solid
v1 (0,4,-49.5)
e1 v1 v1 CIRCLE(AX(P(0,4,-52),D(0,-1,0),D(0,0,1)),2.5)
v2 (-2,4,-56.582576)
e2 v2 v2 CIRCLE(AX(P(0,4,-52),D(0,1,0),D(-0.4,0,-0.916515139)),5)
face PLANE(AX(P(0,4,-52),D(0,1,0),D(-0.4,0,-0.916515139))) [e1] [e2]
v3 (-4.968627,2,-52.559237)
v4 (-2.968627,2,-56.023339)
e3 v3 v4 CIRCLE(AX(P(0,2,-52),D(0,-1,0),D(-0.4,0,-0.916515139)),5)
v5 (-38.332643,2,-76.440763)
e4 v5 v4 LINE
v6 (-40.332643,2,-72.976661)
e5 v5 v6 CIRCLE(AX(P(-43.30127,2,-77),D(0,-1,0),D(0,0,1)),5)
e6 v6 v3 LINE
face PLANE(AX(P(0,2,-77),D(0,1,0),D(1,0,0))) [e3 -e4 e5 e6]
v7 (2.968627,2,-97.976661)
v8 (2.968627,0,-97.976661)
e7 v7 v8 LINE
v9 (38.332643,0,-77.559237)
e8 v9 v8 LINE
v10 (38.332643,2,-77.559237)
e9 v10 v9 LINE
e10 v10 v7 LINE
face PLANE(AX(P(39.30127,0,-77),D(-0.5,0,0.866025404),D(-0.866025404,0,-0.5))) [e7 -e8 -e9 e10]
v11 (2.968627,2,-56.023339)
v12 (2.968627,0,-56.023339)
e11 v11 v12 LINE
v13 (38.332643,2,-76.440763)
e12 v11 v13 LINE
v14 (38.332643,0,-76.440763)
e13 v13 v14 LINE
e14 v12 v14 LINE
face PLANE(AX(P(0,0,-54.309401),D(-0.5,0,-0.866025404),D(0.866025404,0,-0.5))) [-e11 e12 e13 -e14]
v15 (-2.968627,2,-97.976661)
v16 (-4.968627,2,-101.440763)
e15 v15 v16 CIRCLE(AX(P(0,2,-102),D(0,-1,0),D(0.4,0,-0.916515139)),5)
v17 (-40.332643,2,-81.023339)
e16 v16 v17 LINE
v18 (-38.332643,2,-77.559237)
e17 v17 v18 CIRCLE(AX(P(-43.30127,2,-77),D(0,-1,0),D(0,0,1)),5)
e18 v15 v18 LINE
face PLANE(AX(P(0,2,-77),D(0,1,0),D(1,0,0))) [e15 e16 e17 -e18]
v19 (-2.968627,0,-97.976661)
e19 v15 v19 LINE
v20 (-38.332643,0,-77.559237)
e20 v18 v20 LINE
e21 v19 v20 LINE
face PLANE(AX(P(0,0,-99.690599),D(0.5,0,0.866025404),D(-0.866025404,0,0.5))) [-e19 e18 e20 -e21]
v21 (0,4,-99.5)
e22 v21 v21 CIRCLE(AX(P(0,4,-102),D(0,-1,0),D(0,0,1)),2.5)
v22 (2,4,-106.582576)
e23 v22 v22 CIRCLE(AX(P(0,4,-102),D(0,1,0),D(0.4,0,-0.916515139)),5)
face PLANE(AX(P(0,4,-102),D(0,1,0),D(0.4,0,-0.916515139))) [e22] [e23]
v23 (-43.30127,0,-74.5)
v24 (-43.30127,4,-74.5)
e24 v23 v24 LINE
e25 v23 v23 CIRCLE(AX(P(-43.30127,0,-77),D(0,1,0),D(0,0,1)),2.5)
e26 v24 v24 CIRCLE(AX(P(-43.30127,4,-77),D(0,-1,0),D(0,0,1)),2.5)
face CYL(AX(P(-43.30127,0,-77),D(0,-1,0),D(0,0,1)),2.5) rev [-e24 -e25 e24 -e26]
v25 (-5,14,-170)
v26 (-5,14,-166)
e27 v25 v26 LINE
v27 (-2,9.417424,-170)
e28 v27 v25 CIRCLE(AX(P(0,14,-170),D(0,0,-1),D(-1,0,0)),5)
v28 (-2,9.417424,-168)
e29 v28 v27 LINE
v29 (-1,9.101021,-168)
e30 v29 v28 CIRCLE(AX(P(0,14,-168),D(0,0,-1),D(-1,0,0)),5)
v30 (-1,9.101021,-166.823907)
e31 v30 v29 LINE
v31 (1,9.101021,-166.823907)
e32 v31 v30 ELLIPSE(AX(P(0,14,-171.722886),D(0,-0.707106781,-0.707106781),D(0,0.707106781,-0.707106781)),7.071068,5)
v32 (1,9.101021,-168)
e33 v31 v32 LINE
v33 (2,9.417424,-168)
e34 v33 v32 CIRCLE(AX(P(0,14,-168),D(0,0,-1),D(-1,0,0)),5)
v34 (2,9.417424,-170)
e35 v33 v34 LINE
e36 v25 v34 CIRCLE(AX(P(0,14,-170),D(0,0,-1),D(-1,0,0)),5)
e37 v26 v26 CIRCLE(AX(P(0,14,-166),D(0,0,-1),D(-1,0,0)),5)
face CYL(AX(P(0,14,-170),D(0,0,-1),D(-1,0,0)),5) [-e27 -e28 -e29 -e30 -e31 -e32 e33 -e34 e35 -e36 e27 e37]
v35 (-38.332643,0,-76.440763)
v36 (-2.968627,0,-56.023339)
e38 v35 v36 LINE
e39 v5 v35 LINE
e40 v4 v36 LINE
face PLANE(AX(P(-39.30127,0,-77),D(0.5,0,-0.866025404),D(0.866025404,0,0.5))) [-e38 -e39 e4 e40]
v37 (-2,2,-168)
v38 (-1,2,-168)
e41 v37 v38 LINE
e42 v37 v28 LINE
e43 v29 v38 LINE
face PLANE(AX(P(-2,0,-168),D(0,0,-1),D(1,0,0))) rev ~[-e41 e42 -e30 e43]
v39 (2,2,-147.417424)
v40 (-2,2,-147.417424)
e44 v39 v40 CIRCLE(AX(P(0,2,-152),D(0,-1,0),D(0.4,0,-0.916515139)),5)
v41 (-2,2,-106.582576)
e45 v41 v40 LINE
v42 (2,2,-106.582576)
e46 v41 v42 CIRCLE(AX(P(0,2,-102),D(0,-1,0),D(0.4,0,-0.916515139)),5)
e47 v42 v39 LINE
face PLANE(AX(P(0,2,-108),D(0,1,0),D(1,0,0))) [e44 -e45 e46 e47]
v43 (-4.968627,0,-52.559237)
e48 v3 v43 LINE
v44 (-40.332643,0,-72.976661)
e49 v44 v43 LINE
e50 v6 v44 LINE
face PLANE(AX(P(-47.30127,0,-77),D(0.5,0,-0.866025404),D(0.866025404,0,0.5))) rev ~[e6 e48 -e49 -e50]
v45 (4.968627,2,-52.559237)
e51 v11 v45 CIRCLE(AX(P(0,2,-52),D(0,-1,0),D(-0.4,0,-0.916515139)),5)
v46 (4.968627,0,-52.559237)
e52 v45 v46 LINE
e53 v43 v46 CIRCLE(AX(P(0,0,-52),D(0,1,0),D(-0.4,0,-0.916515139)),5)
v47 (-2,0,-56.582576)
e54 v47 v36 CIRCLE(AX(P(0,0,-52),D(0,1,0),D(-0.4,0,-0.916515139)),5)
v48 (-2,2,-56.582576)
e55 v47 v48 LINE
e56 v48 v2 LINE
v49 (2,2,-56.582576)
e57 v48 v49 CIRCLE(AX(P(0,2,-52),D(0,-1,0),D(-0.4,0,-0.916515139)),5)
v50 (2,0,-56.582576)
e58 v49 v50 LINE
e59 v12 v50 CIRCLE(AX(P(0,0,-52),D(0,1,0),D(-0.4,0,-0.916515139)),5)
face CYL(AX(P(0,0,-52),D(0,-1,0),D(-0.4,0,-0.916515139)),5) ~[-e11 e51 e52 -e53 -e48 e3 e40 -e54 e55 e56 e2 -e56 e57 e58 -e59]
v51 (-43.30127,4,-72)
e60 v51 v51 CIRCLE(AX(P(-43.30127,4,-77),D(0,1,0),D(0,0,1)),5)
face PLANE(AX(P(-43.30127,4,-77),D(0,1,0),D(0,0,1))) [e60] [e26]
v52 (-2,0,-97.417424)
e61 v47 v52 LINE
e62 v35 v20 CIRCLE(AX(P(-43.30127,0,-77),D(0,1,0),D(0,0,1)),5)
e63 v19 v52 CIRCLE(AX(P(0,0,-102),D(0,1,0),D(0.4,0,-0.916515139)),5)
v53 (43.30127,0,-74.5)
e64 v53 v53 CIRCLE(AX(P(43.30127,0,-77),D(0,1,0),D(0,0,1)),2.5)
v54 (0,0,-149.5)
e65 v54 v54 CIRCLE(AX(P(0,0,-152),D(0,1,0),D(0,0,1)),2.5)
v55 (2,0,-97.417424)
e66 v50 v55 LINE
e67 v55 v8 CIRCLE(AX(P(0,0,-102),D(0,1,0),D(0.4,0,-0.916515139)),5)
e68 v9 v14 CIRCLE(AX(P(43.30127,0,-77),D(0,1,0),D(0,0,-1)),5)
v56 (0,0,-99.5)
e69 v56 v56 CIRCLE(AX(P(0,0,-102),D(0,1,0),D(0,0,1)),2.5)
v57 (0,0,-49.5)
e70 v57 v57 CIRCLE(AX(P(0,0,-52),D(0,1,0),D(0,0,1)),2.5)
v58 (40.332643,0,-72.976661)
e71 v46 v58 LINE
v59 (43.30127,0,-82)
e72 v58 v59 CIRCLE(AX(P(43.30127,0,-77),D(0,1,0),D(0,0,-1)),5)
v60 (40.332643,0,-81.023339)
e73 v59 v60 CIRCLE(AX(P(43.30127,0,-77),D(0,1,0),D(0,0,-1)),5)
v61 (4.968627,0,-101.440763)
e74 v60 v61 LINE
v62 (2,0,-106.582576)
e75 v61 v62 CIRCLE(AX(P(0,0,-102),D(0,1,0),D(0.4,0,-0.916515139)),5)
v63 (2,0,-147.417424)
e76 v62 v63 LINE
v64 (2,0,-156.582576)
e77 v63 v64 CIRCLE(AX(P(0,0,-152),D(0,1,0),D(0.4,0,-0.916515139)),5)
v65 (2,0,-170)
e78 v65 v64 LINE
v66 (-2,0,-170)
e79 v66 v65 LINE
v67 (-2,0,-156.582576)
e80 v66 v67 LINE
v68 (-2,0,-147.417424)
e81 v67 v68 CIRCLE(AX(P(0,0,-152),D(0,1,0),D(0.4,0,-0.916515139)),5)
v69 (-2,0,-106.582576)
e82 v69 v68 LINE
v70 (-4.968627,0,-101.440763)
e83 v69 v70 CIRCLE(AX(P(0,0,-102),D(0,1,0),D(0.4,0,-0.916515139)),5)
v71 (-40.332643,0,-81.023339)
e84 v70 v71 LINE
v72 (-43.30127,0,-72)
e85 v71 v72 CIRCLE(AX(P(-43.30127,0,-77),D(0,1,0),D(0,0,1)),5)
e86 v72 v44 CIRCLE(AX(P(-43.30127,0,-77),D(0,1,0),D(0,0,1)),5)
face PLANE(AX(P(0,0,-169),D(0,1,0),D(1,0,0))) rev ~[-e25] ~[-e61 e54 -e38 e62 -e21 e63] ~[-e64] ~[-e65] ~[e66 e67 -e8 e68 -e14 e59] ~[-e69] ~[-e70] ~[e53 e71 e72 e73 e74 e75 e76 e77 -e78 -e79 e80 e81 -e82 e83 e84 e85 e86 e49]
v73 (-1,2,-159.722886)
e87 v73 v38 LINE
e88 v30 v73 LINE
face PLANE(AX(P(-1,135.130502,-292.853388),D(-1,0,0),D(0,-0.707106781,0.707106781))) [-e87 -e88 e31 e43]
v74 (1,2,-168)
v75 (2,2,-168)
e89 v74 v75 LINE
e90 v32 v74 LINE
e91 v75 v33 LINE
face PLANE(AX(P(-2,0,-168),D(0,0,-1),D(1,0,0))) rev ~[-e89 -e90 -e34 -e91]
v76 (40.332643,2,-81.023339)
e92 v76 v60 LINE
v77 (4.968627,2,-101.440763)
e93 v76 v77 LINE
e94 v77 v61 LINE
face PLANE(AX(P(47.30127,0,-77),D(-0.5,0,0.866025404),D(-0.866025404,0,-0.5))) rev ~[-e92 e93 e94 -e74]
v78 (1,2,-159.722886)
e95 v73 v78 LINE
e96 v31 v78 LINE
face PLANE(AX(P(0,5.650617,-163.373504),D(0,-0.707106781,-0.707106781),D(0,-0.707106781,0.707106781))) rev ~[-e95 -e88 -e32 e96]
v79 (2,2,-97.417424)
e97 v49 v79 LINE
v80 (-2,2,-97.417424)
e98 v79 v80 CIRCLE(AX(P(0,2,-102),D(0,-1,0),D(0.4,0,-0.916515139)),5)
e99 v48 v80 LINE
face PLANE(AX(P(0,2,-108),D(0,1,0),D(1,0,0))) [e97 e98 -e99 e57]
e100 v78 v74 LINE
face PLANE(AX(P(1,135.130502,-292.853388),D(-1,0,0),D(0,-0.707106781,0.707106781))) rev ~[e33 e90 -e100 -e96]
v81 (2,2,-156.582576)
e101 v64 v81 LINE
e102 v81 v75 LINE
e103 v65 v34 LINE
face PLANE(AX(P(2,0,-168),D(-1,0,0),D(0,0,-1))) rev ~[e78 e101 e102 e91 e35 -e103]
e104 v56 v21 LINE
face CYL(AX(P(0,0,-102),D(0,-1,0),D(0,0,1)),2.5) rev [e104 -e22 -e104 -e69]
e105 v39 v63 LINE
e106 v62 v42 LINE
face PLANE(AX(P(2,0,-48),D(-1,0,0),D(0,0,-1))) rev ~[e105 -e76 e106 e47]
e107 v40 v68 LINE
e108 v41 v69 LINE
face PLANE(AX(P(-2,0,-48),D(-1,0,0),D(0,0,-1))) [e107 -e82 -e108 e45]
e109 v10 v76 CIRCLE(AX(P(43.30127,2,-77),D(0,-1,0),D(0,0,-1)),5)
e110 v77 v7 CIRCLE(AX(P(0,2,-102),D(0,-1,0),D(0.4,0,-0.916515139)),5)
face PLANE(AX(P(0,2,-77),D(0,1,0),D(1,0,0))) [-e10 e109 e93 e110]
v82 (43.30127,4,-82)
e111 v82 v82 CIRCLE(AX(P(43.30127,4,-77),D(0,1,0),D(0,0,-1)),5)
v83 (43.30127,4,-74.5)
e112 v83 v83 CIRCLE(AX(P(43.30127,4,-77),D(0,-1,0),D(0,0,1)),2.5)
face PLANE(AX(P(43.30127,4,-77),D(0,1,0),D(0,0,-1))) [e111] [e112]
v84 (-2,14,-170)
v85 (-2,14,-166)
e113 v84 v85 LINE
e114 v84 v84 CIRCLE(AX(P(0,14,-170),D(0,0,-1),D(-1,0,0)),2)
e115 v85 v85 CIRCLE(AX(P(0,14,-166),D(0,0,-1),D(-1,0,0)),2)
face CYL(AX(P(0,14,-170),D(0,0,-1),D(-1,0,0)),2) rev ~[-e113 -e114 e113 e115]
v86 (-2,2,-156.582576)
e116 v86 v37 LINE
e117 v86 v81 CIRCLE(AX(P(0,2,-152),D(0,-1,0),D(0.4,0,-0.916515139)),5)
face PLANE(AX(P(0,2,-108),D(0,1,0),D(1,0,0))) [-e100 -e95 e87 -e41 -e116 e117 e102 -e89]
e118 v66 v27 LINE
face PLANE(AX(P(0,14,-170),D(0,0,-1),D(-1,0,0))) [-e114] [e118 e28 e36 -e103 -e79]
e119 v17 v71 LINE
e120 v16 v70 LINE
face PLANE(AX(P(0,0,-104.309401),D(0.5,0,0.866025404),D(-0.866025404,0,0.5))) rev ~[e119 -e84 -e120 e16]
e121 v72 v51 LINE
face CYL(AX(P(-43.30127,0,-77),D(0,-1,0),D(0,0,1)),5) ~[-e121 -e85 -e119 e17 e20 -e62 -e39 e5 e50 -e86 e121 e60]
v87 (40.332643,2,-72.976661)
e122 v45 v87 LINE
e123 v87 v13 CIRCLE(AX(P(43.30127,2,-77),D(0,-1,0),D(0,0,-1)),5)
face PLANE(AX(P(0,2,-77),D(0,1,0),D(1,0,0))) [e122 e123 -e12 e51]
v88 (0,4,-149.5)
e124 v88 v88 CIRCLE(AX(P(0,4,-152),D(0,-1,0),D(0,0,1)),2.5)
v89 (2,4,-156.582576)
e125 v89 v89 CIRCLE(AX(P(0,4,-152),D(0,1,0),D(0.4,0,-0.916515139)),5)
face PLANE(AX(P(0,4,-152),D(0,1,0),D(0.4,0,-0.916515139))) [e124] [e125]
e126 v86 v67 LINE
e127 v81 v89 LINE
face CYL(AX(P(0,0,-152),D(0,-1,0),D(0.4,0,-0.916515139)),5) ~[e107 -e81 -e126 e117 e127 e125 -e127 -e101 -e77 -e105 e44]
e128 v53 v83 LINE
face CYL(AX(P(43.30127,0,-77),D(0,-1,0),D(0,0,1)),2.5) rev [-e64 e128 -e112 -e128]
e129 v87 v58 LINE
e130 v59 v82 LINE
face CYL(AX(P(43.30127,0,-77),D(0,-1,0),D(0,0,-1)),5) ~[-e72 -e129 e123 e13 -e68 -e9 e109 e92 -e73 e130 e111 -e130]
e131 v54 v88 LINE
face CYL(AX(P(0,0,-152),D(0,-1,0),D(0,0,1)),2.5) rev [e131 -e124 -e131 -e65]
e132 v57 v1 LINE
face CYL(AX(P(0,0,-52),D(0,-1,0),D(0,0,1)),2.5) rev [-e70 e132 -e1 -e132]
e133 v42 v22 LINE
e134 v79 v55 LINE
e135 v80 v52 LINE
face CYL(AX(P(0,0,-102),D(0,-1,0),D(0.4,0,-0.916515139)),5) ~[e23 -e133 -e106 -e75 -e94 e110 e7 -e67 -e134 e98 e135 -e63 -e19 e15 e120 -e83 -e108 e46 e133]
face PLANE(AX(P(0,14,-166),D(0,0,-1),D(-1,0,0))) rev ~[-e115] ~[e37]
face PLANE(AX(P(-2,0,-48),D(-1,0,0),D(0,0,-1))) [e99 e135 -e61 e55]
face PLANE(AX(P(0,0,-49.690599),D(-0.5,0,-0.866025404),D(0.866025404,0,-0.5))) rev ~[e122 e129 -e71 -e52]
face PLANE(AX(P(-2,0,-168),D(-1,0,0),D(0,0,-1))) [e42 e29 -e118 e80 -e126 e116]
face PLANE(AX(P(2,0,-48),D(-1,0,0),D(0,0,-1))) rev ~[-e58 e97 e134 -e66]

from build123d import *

# Parameters (mm, degrees)
SKETCH_3_W          = 4
SKETCH_3_H          = 120
EXTRUDE_2_DEPTH     = 2
SKETCH_4_R          = 5
EXTRUDE_3_DEPTH     = 4
SKETCH_9_R          = 5
EXTRUDE_7_DEPTH     = 4
EXTRUDE_7_2_DEPTH   = 4
EXTRUDE_8_DEPTH     = 2
SKETCH_5_R          = 2.5
CUT_EXTRUDE_3_DEPTH = 175.851401773
SKETCH_11_W         = 4
SKETCH_11_H         = 2
EXTRUDE_9_DEPTH     = 10
SKETCH_12_R         = 5
EXTRUDE_10_DEPTH    = 4
CUT_EXTRUDE_4_REACH = 135.503
SKETCH_13_R         = 2
RIB_2_REACH         = 179.747
SKETCH_15_WALL_W    = 366.224417408
SKETCH_15_WALL_H    = 2


with BuildPart() as part:
    # Эскиз3 → Бобышка-Вытянуть2 (new body)
    with BuildSketch(Plane(origin=(0, 0, 0), x_dir=(1, 0, 0), z_dir=(0, 1, 0))):
        with Locations((0, 108)):
            Rectangle(SKETCH_3_W, SKETCH_3_H)
    extrude(amount=EXTRUDE_2_DEPTH)

    # Эскиз4 → Бобышка-Вытянуть3 (add)
    with BuildSketch(Plane(origin=(0, 0, 0), x_dir=(1, 0, 0), z_dir=(0, 1, 0))):
        with Locations(Location((0, 52, 0), (0, 0, 113.578178478))):
            Circle(SKETCH_4_R)
        with Locations(Location((0, 102, 0), (0, 0, 66.421821522))):
            Circle(SKETCH_4_R)
        with Locations(Location((0, 152, 0), (0, 0, 66.421821522))):
            Circle(SKETCH_4_R)
    extrude(amount=EXTRUDE_3_DEPTH)



with BuildPart() as body_2:
    # Эскиз9 → Бобышка-Вытянуть7 (new body)
    with BuildSketch(Plane(origin=(0, 0, 0), x_dir=(1, 0, 0), z_dir=(0, 1, 0))):
        with Locations(Location((-43.301270189, 77, 0), (0, 0, 270))):
            Circle(SKETCH_9_R)
    extrude(amount=EXTRUDE_7_DEPTH)


with BuildPart() as body_3:
    # Эскиз9 → Extrude 7 2 (new body)
    with BuildSketch(Plane(origin=(0, 0, 0), x_dir=(1, 0, 0), z_dir=(0, 1, 0))):
        with Locations(Location((43.301270189, 77, 0), (0, 0, 90))):
            Circle(SKETCH_9_R)
    extrude(amount=EXTRUDE_7_2_DEPTH)


with BuildPart() as part_1:
    add(part.part)

    add(body_2.part)  # Бобышка-Вытянуть8 merges body 2

    add(body_3.part)  # Бобышка-Вытянуть8 merges body 3
    # Эскиз10 → Бобышка-Вытянуть8 (add)
    with BuildSketch(Plane(origin=(0, 0, 0), x_dir=(1, 0, 0), z_dir=(0, 1, 0))):
        Polygon((0, 104.309401077), (-47.301270189, 77), (0, 49.690598923), (47.301270189, 77), align=None)
        Polygon((0, 99.690598923), (-39.301270189, 77), (0, 54.309401077), (39.301270189, 77), align=None, mode=Mode.SUBTRACT)
    extrude(amount=EXTRUDE_8_DEPTH)

    # Эскиз5 → Вырез-Вытянуть3 (cut, through all)
    with BuildSketch(Plane(origin=(0, 0, 0), x_dir=(1, 0, 0), z_dir=(0, 1, 0))):
        with Locations(Location((0, 102, 0), (0, 0, 270))):
            Circle(SKETCH_5_R)
        with Locations(Location((0, 52, 0), (0, 0, 270))):
            Circle(SKETCH_5_R)
        with Locations(Location((0, 152, 0), (0, 0, 270))):
            Circle(SKETCH_5_R)
        with Locations(Location((-43.301270189, 77, 0), (0, 0, 270))):
            Circle(SKETCH_5_R)
        with Locations(Location((43.301270189, 77, 0), (0, 0, 270))):
            Circle(SKETCH_5_R)
    extrude(amount=CUT_EXTRUDE_3_DEPTH, mode=Mode.SUBTRACT)

    # Эскиз11 → Бобышка-Вытянуть9 (add)
    with BuildSketch(Plane(origin=(0, 0, 0), x_dir=(1, 0, 0), z_dir=(0, 1, 0))):
        with Locations((0, 169)):
            Rectangle(SKETCH_11_W, SKETCH_11_H)
    extrude(amount=EXTRUDE_9_DEPTH)

    # Эскиз12 → Бобышка-Вытянуть10 (add)
    with BuildSketch(Plane(origin=(0, 0, -170), x_dir=(-1, 0, 0), z_dir=(0, 0, -1))):
        with Locations((0, 14)):
            Circle(SKETCH_12_R)
    extrude(amount=-EXTRUDE_10_DEPTH)

    # Эскиз13 → Вырез-Вытянуть4 (cut, up to next)
    with BuildSketch(Plane(origin=(0, 0, -170), x_dir=(-1, 0, 0), z_dir=(0, 0, -1)), mode=Mode.PRIVATE) as cut_extrude_4_sk1:
        with Locations((0, 14)):
            Circle(SKETCH_13_R)
    cut_extrude_4_tool1 = extrude(cut_extrude_4_sk1.sketch, amount=-CUT_EXTRUDE_4_REACH, mode=Mode.PRIVATE) & part_1.part
    add(cut_extrude_4_tool1.solids().sort_by_distance((0, 14, -170))[0], mode=Mode.SUBTRACT)

    # Эскиз15 wall → Ребро2 (add, up to next)
    with BuildSketch(Plane(origin=(0, 5.650617497, -163.373503951), x_dir=(0, -0.707106781187, 0.707106781187), z_dir=(0, -0.707106781187, -0.707106781187)), mode=Mode.PRIVATE) as rib_2_sk1:
        Rectangle(SKETCH_15_WALL_W, SKETCH_15_WALL_H)
    rib_2_tool1 = extrude(rib_2_sk1.sketch, amount=RIB_2_REACH, mode=Mode.PRIVATE) - part_1.part
    add(rib_2_tool1.solids().sort_by_distance((0, 5.650617497, -163.373503951))[0])


solid = part_1.part
